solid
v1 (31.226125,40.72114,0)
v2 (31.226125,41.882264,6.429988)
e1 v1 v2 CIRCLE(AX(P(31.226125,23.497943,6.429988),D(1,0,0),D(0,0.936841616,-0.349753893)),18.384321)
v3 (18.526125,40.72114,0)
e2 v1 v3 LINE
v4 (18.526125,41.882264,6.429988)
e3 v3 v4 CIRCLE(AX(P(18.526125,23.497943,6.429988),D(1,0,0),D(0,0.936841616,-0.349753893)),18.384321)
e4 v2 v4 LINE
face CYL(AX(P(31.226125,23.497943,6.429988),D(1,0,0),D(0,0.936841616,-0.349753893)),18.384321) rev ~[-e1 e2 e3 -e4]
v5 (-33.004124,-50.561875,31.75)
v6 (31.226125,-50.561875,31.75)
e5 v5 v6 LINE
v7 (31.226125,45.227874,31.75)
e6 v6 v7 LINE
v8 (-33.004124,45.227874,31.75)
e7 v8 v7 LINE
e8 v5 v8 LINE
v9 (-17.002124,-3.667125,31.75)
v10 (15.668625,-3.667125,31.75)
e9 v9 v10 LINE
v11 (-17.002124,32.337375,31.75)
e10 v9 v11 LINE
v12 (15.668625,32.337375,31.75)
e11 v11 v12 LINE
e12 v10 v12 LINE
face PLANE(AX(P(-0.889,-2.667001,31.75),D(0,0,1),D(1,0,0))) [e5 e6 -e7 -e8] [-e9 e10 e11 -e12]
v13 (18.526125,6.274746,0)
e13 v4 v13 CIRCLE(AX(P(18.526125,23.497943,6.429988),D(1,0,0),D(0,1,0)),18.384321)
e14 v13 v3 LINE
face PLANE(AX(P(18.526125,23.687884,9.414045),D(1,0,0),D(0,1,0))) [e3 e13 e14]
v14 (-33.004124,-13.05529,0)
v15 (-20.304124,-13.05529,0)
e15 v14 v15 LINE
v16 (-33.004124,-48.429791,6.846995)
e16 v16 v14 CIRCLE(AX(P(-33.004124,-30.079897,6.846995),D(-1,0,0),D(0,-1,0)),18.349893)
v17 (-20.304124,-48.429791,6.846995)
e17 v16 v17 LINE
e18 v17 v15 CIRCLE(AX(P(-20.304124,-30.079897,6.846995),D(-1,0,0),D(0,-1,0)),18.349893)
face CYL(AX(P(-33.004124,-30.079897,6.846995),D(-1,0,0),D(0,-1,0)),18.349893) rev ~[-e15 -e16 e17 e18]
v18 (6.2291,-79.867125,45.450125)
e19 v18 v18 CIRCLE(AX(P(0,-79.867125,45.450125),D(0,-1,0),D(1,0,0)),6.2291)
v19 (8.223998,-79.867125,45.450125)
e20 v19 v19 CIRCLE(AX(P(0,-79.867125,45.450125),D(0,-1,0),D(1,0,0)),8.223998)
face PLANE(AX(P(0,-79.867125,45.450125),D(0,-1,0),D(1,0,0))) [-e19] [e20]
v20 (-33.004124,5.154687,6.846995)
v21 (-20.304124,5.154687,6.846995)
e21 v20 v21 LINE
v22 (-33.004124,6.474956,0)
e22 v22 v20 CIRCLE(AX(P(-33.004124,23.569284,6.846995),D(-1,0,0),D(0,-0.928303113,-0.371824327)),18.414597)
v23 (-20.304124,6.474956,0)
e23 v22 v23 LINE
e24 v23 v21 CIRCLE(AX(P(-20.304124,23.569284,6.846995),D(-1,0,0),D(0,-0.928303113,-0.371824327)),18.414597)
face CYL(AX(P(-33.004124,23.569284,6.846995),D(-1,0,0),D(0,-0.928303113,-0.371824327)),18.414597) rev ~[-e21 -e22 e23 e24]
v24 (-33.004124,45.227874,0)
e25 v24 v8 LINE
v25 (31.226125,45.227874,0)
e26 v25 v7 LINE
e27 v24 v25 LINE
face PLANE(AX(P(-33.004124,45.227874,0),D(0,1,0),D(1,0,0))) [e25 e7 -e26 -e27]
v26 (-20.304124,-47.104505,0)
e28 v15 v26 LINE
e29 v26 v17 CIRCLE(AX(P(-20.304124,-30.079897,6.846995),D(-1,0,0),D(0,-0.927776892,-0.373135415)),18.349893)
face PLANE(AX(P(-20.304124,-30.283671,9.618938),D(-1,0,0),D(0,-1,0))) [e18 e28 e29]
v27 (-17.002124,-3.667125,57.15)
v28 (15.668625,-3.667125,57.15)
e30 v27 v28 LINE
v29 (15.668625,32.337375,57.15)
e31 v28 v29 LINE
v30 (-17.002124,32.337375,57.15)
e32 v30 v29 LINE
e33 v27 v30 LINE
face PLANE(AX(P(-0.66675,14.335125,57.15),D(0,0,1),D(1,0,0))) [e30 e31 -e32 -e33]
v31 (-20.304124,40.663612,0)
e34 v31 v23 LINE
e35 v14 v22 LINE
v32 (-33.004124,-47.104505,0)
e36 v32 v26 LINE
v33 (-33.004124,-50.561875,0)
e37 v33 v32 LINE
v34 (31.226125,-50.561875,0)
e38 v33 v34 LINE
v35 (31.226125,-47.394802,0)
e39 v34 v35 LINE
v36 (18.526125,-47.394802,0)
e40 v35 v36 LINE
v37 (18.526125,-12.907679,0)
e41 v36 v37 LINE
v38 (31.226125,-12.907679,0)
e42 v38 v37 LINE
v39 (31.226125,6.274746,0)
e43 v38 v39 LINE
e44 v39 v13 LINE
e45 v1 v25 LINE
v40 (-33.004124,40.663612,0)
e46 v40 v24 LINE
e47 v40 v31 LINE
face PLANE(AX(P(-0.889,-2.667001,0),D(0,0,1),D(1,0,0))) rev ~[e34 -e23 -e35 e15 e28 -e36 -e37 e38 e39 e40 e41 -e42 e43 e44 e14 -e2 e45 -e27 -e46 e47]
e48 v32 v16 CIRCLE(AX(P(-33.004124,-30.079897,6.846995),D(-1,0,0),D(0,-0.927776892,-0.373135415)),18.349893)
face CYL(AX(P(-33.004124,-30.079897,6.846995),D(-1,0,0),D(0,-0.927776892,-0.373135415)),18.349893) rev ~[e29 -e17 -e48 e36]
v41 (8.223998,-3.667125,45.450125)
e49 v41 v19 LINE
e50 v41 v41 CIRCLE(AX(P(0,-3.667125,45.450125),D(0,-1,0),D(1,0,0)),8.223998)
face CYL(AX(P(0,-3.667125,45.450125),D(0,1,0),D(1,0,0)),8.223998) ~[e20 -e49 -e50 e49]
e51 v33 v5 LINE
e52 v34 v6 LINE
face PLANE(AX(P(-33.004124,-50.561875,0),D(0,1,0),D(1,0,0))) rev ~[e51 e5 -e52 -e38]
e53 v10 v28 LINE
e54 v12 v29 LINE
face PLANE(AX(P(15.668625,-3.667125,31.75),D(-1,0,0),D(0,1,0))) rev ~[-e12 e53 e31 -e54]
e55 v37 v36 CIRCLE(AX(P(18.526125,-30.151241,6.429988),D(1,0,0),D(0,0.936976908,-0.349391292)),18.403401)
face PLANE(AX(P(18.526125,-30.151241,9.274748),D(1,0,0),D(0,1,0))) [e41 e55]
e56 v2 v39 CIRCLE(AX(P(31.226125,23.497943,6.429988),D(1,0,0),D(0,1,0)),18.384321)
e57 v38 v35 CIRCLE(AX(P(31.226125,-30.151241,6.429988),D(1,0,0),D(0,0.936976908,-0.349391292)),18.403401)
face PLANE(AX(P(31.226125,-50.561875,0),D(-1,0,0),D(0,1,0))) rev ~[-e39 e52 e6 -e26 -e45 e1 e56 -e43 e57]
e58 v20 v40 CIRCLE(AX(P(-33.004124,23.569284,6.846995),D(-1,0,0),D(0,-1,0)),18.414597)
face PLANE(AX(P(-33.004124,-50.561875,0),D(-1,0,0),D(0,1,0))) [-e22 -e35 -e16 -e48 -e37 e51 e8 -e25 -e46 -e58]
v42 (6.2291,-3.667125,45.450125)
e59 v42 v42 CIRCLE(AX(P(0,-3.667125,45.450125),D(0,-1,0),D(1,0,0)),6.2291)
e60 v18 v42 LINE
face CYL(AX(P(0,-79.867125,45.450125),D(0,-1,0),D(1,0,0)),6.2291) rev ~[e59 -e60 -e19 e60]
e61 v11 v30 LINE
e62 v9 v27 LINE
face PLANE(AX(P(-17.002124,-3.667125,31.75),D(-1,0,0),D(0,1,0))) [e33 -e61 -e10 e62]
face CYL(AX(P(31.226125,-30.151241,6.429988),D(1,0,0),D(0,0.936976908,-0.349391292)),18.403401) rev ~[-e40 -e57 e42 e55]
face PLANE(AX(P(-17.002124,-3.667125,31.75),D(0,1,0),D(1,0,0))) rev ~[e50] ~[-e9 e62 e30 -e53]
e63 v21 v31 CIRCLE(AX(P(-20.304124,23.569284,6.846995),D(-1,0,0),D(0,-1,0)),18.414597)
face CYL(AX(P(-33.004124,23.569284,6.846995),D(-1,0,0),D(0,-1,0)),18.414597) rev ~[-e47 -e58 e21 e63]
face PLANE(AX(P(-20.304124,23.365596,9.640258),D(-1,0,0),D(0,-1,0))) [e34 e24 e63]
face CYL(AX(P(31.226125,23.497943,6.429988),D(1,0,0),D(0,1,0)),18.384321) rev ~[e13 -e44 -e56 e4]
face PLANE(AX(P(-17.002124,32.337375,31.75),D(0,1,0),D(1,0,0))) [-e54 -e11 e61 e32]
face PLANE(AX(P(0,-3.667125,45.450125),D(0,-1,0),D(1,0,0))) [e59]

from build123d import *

# Parameters (mm, degrees)
F0_W      = 64.230248332
F0_H      = 95.7897491753
F1_DEPTH  = 31.75
F4_DEPTH  = 12.7
F5_DEPTH  = 12.7
F6_W      = 32.6707493514
F6_H      = 36.0044999979
F7_DEPTH  = 25.4
F8_R      = 8.2239975994
F9_DEPTH  = 76.2
F10_R     = 6.2290995739
F11_DEPTH = 76.2


with BuildPart() as f1:
    # F0 (on Top) → F1 (new body)
    with BuildSketch(Plane.XY):
        with Locations((-0.8889995515, -2.6670005172)):
            Rectangle(F0_W, F0_H)
    extrude(amount=F1_DEPTH)

    # F2 (on face) → F4 (cut)
    with BuildSketch(Plane.YZ.offset(31.2261246145)):
        with BuildLine():
            Line((-47.3948020572, 0), (-12.907678998, 0))
            ThreePointArc((-12.907678998, 0), (-30.1512405276, 24.8333887155), (-47.3948020572, 0))
        make_face()
        with BuildLine():
            ThreePointArc((40.7211401539, 0), (41.5896545425, 3.1629956827), (41.8822641726, 6.4299879596))
            ThreePointArc((41.8822641726, 6.4299879596), (20.2309505583, 24.521699667), (6.2747455163, 0))
            Line((6.2747455163, 0), (40.7211401539, 0))
        make_face()
    extrude(amount=-F4_DEPTH, mode=Mode.SUBTRACT)

    # F3 (on face) → F5 (cut)
    with BuildSketch(Plane(origin=(-33.0041237175, 0, 0), x_dir=(0, -1, 0), z_dir=(-1, 0, 0))):
        with BuildLine():
            ThreePointArc((-6.4749563765, 0), (-5.4877667655, 3.3604332928), (-5.1546871083, 6.8469950929))
            ThreePointArc((-5.1546871083, 6.8469950929), (-27.055845807, 24.9285123344), (-40.6636116374, 0))
            Line((-40.6636116374, 0), (-6.4749563765, 0))
        make_face()
        with BuildLine():
            ThreePointArc((48.4297908844, 6.8469950929), (26.592859866, 24.8625205102), (13.0552904295, 0))
            Line((13.0552904295, 0), (47.1045045567, 0))
            ThreePointArc((47.1045045567, 0), (48.0954229104, 3.3599574658), (48.4297908844, 6.8469950929))
        make_face()
    extrude(amount=-F5_DEPTH, mode=Mode.SUBTRACT)

    # F6 (on face) → F7 (join)
    with BuildSketch(Plane.XY.offset(31.75)):
        with Locations((-0.6667496637, 14.3351249862)):
            Rectangle(F6_W, F6_H)
    extrude(amount=F7_DEPTH)

    # F8 (on face) → F9 (join)
    with BuildSketch(Plane.XZ.offset(3.6671250127)):
        with Locations((0, 45.4501248896)):
            Circle(F8_R)
    extrude(amount=F9_DEPTH)

    # F10 (on face) → F11 (cut)
    with BuildSketch(Plane.XZ.offset(79.8671250127)):
        with Locations((0, 45.4501248896)):
            Circle(F10_R)
    extrude(amount=-F11_DEPTH, mode=Mode.SUBTRACT)


solid = f1.part
